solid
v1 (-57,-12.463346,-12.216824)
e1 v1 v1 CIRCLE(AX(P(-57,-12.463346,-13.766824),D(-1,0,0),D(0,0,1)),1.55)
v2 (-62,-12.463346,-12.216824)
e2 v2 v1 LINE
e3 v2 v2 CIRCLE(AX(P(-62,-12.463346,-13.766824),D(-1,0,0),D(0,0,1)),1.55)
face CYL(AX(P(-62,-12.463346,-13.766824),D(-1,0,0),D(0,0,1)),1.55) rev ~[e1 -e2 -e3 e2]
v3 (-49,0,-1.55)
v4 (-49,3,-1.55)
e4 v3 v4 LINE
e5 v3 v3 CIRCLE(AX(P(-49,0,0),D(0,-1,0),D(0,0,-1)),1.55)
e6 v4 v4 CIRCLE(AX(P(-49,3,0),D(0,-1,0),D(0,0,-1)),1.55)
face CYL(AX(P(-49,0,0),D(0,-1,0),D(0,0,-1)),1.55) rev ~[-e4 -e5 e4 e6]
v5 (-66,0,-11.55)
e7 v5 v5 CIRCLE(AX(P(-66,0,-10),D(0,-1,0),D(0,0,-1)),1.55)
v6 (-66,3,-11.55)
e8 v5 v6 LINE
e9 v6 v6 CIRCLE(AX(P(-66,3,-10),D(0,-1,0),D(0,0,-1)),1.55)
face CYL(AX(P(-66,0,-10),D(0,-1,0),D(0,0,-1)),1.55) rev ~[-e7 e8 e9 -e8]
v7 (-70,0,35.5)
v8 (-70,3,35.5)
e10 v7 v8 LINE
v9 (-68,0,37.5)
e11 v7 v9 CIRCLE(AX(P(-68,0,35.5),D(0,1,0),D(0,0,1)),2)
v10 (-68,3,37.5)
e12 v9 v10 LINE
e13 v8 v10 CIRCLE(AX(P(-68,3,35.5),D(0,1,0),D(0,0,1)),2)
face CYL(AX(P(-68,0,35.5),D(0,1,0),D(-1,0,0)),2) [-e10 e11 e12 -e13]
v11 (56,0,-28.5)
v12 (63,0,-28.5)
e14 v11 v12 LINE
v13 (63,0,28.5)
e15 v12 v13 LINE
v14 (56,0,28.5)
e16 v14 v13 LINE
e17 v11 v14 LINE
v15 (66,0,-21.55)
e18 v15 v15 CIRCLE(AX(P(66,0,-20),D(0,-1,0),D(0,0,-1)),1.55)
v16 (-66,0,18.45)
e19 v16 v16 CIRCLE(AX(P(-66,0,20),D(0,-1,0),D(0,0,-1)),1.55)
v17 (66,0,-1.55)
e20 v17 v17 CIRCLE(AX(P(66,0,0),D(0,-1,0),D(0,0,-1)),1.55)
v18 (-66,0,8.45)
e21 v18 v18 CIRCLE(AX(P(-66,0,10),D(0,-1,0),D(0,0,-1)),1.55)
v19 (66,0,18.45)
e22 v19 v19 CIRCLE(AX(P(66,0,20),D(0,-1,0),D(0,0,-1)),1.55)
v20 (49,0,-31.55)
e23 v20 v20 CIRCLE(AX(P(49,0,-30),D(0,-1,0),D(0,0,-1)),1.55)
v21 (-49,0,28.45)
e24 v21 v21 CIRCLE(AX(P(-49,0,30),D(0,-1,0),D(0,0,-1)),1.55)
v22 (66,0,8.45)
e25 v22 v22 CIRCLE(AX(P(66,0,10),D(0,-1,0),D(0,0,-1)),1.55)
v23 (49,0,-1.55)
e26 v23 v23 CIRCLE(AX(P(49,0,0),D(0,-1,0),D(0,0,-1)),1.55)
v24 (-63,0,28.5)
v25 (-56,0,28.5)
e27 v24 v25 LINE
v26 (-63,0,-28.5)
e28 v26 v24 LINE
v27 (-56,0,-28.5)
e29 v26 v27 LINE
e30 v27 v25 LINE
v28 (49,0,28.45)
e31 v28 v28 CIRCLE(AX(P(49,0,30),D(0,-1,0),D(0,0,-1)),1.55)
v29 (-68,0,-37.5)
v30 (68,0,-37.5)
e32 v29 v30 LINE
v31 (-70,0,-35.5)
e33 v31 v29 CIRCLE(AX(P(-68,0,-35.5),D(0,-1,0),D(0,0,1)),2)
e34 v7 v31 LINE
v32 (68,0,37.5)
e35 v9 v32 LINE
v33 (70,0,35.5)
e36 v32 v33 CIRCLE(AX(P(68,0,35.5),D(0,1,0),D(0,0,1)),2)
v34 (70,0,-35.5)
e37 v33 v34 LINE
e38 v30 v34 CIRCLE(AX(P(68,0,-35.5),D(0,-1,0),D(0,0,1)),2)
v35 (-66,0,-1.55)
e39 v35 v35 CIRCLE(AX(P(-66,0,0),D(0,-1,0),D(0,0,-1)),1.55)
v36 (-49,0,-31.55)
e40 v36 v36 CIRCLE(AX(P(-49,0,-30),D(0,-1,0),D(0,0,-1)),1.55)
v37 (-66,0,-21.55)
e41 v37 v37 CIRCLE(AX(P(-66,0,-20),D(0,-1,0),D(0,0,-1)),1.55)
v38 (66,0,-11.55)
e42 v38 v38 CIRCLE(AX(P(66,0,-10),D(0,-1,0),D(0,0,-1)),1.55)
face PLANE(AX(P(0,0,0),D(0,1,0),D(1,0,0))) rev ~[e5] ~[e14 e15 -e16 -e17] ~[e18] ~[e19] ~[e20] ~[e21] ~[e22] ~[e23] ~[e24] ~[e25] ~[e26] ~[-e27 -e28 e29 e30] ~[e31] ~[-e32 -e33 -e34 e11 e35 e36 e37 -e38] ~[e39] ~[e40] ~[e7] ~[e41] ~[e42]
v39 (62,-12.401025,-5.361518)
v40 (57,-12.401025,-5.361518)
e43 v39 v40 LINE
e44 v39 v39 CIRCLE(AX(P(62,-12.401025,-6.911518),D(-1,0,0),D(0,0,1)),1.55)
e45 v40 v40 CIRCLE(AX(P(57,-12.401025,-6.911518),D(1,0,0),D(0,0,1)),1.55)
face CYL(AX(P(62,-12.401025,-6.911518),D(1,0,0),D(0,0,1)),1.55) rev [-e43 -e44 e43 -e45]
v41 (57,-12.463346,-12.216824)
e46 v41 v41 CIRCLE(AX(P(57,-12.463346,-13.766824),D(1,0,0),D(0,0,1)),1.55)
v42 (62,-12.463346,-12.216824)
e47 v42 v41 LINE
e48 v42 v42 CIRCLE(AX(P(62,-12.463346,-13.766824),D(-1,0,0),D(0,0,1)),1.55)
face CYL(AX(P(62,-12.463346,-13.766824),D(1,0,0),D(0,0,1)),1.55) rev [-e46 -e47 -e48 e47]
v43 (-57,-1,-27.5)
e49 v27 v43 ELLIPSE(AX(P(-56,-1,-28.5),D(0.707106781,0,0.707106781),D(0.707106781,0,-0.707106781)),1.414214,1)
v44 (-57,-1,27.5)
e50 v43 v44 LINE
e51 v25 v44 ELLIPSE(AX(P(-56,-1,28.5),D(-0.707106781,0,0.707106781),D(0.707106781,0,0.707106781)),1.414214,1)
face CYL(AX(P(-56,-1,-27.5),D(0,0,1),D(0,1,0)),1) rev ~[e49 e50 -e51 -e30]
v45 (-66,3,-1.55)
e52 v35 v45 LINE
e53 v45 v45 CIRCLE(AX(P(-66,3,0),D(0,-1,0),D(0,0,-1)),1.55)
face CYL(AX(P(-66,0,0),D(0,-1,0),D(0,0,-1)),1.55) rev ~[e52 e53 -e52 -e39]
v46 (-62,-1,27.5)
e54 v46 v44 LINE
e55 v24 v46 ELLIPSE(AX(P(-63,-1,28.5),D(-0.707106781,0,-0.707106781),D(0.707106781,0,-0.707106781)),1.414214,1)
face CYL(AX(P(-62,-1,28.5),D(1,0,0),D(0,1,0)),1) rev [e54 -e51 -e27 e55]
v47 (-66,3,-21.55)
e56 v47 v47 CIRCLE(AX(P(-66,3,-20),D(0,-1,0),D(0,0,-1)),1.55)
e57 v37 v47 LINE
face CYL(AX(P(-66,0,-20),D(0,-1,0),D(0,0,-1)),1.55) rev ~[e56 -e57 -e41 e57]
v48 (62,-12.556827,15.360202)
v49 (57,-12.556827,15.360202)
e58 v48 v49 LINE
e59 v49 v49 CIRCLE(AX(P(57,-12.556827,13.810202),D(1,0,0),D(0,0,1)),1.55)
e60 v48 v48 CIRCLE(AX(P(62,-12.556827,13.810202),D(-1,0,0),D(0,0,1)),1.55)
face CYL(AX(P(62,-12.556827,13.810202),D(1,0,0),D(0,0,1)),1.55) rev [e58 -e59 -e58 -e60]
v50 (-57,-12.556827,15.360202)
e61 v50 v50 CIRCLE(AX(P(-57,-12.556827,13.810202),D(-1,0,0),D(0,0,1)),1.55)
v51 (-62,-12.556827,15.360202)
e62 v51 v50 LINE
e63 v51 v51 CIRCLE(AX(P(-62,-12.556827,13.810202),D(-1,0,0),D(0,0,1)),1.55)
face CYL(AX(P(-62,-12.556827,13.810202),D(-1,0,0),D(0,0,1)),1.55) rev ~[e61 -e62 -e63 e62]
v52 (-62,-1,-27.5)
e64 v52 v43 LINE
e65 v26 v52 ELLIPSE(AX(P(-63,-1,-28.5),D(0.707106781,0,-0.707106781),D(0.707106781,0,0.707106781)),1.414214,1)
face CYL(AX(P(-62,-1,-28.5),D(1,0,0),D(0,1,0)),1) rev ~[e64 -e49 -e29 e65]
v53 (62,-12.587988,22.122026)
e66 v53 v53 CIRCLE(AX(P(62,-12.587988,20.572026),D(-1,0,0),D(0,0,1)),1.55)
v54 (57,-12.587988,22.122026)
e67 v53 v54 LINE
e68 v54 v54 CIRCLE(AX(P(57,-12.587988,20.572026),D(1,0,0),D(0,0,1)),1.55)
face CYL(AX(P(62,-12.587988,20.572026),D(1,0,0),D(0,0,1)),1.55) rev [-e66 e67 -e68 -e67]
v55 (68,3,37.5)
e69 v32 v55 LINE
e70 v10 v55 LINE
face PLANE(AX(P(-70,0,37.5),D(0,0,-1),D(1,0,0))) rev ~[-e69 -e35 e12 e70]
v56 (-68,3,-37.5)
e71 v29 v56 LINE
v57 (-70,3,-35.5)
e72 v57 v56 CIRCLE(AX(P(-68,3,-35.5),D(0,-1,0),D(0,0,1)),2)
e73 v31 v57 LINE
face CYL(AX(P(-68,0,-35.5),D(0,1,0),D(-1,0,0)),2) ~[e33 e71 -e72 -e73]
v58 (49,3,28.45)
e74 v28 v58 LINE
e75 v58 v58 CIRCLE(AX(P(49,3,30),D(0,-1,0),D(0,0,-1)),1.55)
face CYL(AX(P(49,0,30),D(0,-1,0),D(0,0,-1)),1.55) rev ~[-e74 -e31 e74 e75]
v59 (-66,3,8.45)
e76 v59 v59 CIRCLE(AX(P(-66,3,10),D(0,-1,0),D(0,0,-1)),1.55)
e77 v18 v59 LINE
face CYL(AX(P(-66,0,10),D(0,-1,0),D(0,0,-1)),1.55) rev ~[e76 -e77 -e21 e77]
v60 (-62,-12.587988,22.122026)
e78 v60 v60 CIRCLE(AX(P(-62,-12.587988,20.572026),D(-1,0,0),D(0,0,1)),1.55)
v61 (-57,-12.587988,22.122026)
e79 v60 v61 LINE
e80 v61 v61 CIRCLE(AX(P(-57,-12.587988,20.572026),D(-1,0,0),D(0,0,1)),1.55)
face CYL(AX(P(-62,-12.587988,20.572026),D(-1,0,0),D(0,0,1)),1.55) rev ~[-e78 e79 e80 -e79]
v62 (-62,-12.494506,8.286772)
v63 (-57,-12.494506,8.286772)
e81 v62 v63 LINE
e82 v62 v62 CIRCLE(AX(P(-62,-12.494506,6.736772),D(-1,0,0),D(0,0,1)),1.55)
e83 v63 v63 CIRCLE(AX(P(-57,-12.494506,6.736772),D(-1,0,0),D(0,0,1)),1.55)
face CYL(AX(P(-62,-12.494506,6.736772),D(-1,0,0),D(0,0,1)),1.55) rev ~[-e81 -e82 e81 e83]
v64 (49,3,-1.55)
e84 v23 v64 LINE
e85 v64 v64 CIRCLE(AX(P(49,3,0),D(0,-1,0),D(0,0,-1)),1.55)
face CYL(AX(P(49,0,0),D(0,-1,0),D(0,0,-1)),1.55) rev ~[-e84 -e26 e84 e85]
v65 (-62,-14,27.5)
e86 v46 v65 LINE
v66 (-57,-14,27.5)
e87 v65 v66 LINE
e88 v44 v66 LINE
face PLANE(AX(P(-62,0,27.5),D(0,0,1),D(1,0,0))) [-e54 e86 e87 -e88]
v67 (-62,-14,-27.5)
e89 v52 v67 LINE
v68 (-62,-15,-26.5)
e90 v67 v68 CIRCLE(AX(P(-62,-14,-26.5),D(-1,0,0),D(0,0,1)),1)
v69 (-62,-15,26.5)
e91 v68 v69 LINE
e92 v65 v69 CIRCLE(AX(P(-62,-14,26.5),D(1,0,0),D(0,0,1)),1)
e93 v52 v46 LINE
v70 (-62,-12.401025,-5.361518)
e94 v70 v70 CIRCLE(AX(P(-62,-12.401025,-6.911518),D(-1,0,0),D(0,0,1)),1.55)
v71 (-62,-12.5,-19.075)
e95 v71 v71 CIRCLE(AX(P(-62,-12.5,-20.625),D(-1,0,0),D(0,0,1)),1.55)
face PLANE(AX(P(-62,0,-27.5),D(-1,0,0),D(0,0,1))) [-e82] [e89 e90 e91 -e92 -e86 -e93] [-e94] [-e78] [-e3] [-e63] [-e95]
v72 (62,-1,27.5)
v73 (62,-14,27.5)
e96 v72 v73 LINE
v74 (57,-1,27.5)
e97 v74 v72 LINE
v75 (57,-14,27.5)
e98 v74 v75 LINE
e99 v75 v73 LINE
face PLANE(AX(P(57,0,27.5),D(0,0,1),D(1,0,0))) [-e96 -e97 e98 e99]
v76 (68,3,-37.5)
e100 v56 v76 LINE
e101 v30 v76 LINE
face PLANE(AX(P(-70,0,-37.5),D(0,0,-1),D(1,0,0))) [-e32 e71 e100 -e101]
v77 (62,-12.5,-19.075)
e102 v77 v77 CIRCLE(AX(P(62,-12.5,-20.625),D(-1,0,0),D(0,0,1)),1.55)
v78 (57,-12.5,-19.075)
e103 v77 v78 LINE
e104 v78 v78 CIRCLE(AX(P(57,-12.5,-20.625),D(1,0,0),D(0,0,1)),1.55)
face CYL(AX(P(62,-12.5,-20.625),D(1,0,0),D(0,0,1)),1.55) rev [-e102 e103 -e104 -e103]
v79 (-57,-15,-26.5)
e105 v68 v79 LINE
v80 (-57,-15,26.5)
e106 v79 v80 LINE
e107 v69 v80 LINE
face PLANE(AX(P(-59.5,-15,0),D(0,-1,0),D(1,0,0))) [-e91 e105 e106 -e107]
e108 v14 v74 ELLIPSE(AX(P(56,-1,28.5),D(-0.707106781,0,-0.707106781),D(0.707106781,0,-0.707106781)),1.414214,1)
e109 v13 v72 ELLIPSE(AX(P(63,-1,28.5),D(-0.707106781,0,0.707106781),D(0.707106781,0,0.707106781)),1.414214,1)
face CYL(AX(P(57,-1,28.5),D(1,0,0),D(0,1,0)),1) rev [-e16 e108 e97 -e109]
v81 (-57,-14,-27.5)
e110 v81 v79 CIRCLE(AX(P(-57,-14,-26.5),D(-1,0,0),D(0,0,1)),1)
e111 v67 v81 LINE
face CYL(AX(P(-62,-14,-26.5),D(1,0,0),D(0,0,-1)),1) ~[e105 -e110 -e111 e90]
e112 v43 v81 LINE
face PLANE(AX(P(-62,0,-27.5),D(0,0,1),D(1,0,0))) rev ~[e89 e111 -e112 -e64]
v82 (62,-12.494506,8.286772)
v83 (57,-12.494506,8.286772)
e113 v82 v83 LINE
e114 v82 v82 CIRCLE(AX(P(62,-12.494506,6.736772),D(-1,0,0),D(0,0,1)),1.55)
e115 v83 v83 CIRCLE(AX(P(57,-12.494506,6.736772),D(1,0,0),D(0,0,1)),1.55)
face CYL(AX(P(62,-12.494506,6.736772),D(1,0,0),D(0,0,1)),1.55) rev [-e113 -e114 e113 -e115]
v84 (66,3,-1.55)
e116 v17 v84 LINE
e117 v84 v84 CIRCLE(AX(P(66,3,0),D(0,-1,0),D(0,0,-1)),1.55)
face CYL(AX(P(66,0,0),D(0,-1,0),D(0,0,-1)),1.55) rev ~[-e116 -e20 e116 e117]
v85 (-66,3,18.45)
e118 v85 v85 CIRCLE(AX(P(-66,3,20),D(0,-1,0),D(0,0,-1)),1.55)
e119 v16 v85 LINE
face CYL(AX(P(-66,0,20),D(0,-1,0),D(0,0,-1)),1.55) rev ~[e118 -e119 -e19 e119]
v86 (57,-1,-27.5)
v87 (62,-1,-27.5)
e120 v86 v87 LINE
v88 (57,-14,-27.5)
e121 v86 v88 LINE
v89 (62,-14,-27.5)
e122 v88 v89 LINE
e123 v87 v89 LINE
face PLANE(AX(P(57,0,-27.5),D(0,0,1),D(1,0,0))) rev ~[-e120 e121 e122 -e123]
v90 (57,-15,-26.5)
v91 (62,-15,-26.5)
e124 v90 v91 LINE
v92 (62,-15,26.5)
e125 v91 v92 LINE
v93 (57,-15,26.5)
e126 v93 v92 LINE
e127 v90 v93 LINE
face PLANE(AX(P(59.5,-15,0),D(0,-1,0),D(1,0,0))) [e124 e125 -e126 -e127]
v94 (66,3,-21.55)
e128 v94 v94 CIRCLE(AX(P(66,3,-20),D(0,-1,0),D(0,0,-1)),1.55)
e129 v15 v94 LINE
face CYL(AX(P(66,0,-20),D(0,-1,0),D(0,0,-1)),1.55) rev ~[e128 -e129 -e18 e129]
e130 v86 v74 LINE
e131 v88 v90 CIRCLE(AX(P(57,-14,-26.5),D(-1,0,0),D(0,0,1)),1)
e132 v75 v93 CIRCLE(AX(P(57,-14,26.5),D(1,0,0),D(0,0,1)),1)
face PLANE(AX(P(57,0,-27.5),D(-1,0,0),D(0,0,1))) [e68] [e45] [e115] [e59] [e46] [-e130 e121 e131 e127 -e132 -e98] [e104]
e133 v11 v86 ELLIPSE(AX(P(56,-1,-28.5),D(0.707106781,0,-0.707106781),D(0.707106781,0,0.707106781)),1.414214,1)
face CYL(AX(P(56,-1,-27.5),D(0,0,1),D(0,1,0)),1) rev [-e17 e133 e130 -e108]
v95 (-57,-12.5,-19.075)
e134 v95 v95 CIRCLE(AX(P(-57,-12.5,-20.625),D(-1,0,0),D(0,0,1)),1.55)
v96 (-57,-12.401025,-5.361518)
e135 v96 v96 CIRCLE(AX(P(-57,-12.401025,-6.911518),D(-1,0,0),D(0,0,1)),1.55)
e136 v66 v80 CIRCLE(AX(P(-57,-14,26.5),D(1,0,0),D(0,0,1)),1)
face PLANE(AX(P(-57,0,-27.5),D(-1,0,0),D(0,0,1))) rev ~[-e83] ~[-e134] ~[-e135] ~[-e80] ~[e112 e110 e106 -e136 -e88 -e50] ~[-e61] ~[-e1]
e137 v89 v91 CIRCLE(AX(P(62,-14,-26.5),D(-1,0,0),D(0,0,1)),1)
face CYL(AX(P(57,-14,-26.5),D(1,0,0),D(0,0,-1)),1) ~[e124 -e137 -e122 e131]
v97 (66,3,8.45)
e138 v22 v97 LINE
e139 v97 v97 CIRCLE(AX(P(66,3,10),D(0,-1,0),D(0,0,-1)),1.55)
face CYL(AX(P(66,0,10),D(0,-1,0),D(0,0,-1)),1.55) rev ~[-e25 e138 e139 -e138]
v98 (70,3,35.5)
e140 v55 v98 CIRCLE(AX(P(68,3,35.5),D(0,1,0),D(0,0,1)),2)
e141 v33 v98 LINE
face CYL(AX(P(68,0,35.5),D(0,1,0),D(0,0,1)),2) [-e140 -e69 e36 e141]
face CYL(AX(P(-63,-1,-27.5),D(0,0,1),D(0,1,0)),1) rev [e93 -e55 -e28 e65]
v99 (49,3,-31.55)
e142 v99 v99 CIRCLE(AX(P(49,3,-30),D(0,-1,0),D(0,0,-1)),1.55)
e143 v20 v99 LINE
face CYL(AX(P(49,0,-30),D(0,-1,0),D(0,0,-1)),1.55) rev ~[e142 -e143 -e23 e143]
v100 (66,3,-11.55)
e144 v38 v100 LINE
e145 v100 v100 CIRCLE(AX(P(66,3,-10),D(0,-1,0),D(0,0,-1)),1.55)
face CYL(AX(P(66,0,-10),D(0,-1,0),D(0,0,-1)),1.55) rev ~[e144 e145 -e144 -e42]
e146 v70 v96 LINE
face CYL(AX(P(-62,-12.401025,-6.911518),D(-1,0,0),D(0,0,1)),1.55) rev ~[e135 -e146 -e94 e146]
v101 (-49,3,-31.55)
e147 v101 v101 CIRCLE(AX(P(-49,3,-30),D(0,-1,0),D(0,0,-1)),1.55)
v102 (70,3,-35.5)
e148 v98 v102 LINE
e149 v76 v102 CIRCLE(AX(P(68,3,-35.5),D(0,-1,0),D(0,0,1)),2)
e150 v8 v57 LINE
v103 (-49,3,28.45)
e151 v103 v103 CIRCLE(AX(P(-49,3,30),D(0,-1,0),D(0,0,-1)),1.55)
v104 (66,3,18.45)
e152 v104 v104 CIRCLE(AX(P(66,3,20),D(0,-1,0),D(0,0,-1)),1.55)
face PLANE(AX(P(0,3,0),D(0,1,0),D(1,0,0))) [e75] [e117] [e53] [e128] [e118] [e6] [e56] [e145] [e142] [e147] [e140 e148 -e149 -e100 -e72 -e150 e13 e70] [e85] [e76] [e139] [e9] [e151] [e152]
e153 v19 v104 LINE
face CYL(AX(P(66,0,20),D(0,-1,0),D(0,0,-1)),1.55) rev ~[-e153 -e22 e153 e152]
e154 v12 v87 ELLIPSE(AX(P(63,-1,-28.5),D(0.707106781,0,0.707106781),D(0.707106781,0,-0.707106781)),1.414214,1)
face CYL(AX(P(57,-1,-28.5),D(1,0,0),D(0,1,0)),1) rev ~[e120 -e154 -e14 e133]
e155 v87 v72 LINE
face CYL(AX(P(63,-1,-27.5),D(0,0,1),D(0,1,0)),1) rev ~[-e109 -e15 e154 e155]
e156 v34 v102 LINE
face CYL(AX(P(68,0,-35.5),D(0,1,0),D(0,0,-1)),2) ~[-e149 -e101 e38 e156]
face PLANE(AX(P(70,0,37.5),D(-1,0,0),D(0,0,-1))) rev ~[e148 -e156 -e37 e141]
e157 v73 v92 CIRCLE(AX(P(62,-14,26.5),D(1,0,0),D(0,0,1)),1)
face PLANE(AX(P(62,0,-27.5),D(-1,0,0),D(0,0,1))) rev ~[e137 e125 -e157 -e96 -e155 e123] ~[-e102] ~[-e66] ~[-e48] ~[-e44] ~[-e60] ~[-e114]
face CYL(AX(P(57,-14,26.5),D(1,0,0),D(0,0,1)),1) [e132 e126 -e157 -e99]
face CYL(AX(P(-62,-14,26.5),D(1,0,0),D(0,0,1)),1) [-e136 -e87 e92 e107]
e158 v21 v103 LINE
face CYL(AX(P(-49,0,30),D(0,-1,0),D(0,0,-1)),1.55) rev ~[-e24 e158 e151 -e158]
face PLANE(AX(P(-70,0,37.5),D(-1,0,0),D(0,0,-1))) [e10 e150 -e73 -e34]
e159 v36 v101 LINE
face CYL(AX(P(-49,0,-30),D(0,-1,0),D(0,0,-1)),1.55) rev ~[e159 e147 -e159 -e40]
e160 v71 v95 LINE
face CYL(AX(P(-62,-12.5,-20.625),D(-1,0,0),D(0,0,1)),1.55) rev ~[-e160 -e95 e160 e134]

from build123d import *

# Parameters (mm, degrees)
SKETCH_1_W          = 140
SKETCH_1_H          = 75
EXTRUDE_1_DEPTH     = 3
SKETCH_2_R          = 1.55
CUT_EXTRUDE_1_DEPTH = 3
SKETCH_3_W          = 5
SKETCH_3_H          = 55
EXTRUDE_2_DEPTH     = 15
SKETCH_5_R          = 1.55
CUT_EXTRUDE_2_DEPTH = 15
SKETCH_6_R          = 1.55
CUT_EXTRUDE_3_DEPTH = 15
FILLET_1_R          = 2
FILLET_2_R          = 1


with BuildPart() as part:
    # 草图1 → 凸台-拉伸1 (new body)
    with BuildSketch(Plane(origin=(0, 0, 0), x_dir=(1, 0, 0), z_dir=(0, 1, 0))):
        Rectangle(SKETCH_1_W, SKETCH_1_H)
    extrude(amount=EXTRUDE_1_DEPTH)

    # 草图2 → 切除-拉伸1 (cut)
    with BuildSketch(Plane.XZ):
        with Locations(Location((-49, 0, 0), (0, 0, 270))):
            Circle(SKETCH_2_R)
        with Locations(Location((-49, -30, 0), (0, 0, 270))):
            Circle(SKETCH_2_R)
        with Locations(Location((-49, 30, 0), (0, 0, 270))):
            Circle(SKETCH_2_R)
        with Locations(Location((49, 30, 0), (0, 0, 270))):
            Circle(SKETCH_2_R)
        with Locations(Location((49, 0, 0), (0, 0, 270))):
            Circle(SKETCH_2_R)
        with Locations(Location((49, -30, 0), (0, 0, 270))):
            Circle(SKETCH_2_R)
    extrude(amount=-CUT_EXTRUDE_1_DEPTH, mode=Mode.SUBTRACT)

    # 草图3 → 凸台-拉伸2 (add)
    with BuildSketch(Plane.XZ):
        with Locations((-59.5, 0)):
            Rectangle(SKETCH_3_W, SKETCH_3_H)
        with Locations((59.5, 0)):
            Rectangle(SKETCH_3_W, SKETCH_3_H)
    extrude(amount=EXTRUDE_2_DEPTH)

    # 草图5 → 切除-拉伸2 (cut)
    with BuildSketch(Plane.XZ):
        with Locations(Location((-66, 20, 0), (0, 0, 270))):
            Circle(SKETCH_5_R)
        with Locations(Location((-66, 10, 0), (0, 0, 270))):
            Circle(SKETCH_5_R)
        with Locations(Location((-66, 0, 0), (0, 0, 270))):
            Circle(SKETCH_5_R)
        with Locations(Location((-66, -10, 0), (0, 0, 270))):
            Circle(SKETCH_5_R)
        with Locations(Location((-66, -20, 0), (0, 0, 270))):
            Circle(SKETCH_5_R)
        with Locations(Location((66, -20, 0), (0, 0, 270))):
            Circle(SKETCH_5_R)
        with Locations(Location((66, -10, 0), (0, 0, 270))):
            Circle(SKETCH_5_R)
        with Locations(Location((66, 0, 0), (0, 0, 270))):
            Circle(SKETCH_5_R)
        with Locations(Location((66, 10, 0), (0, 0, 270))):
            Circle(SKETCH_5_R)
        with Locations(Location((66, 20, 0), (0, 0, 270))):
            Circle(SKETCH_5_R)
    extrude(amount=-CUT_EXTRUDE_2_DEPTH, mode=Mode.SUBTRACT)

    # 草图6 → 切除-拉伸3 (cut)
    with BuildSketch(Plane.ZY.offset(62)):
        with Locations((-20.625, -12.5)):
            Circle(SKETCH_6_R)
        with Locations((-13.766824394, -12.463345811)):
            Circle(SKETCH_6_R)
        with Locations((-6.911518496, -12.401024848)):
            Circle(SKETCH_6_R)
        with Locations((6.736772336, -12.494506292)):
            Circle(SKETCH_6_R)
        with Locations((13.810201603, -12.556827255)):
            Circle(SKETCH_6_R)
        with Locations((20.572026056, -12.587987736)):
            Circle(SKETCH_6_R)
    cut_extrude_3 = extrude(amount=-CUT_EXTRUDE_3_DEPTH, mode=Mode.SUBTRACT)

    # 镜向1: 切除-拉伸3 across plane
    add(cut_extrude_3.mirror(Plane(origin=(0, 0, 0), x_dir=(0, 0, 1), z_dir=(1, 0, 0))), mode=Mode.SUBTRACT)

    # 圆角1
    fillet_1_edges = [part.edges().sort_by_distance(p)[0] for p in [
        (70, 1.5, 37.5),
        (70, 1.5, -37.5),
        (-70, 1.5, -37.5),
        (-70, 1.5, 37.5),
    ]]
    fillet(fillet_1_edges, radius=FILLET_1_R)

    # 圆角2
    fillet_2_edges = [part.edges().sort_by_distance(p)[0] for p in [
        (-59.5, 0, 27.5),
        (-62, 0, 0),
        (-59.5, 0, -27.5),
        (-57, 0, 0),
        (-59.5, -15, 27.5),
        (-59.5, -15, -27.5),
        (59.5, 0, -27.5),
        (62, 0, 0),
        (59.5, 0, 27.5),
        (57, 0, 0),
        (59.5, -15, -27.5),
        (59.5, -15, 27.5),
    ]]
    fillet(fillet_2_edges, radius=FILLET_2_R)


solid = part.part
